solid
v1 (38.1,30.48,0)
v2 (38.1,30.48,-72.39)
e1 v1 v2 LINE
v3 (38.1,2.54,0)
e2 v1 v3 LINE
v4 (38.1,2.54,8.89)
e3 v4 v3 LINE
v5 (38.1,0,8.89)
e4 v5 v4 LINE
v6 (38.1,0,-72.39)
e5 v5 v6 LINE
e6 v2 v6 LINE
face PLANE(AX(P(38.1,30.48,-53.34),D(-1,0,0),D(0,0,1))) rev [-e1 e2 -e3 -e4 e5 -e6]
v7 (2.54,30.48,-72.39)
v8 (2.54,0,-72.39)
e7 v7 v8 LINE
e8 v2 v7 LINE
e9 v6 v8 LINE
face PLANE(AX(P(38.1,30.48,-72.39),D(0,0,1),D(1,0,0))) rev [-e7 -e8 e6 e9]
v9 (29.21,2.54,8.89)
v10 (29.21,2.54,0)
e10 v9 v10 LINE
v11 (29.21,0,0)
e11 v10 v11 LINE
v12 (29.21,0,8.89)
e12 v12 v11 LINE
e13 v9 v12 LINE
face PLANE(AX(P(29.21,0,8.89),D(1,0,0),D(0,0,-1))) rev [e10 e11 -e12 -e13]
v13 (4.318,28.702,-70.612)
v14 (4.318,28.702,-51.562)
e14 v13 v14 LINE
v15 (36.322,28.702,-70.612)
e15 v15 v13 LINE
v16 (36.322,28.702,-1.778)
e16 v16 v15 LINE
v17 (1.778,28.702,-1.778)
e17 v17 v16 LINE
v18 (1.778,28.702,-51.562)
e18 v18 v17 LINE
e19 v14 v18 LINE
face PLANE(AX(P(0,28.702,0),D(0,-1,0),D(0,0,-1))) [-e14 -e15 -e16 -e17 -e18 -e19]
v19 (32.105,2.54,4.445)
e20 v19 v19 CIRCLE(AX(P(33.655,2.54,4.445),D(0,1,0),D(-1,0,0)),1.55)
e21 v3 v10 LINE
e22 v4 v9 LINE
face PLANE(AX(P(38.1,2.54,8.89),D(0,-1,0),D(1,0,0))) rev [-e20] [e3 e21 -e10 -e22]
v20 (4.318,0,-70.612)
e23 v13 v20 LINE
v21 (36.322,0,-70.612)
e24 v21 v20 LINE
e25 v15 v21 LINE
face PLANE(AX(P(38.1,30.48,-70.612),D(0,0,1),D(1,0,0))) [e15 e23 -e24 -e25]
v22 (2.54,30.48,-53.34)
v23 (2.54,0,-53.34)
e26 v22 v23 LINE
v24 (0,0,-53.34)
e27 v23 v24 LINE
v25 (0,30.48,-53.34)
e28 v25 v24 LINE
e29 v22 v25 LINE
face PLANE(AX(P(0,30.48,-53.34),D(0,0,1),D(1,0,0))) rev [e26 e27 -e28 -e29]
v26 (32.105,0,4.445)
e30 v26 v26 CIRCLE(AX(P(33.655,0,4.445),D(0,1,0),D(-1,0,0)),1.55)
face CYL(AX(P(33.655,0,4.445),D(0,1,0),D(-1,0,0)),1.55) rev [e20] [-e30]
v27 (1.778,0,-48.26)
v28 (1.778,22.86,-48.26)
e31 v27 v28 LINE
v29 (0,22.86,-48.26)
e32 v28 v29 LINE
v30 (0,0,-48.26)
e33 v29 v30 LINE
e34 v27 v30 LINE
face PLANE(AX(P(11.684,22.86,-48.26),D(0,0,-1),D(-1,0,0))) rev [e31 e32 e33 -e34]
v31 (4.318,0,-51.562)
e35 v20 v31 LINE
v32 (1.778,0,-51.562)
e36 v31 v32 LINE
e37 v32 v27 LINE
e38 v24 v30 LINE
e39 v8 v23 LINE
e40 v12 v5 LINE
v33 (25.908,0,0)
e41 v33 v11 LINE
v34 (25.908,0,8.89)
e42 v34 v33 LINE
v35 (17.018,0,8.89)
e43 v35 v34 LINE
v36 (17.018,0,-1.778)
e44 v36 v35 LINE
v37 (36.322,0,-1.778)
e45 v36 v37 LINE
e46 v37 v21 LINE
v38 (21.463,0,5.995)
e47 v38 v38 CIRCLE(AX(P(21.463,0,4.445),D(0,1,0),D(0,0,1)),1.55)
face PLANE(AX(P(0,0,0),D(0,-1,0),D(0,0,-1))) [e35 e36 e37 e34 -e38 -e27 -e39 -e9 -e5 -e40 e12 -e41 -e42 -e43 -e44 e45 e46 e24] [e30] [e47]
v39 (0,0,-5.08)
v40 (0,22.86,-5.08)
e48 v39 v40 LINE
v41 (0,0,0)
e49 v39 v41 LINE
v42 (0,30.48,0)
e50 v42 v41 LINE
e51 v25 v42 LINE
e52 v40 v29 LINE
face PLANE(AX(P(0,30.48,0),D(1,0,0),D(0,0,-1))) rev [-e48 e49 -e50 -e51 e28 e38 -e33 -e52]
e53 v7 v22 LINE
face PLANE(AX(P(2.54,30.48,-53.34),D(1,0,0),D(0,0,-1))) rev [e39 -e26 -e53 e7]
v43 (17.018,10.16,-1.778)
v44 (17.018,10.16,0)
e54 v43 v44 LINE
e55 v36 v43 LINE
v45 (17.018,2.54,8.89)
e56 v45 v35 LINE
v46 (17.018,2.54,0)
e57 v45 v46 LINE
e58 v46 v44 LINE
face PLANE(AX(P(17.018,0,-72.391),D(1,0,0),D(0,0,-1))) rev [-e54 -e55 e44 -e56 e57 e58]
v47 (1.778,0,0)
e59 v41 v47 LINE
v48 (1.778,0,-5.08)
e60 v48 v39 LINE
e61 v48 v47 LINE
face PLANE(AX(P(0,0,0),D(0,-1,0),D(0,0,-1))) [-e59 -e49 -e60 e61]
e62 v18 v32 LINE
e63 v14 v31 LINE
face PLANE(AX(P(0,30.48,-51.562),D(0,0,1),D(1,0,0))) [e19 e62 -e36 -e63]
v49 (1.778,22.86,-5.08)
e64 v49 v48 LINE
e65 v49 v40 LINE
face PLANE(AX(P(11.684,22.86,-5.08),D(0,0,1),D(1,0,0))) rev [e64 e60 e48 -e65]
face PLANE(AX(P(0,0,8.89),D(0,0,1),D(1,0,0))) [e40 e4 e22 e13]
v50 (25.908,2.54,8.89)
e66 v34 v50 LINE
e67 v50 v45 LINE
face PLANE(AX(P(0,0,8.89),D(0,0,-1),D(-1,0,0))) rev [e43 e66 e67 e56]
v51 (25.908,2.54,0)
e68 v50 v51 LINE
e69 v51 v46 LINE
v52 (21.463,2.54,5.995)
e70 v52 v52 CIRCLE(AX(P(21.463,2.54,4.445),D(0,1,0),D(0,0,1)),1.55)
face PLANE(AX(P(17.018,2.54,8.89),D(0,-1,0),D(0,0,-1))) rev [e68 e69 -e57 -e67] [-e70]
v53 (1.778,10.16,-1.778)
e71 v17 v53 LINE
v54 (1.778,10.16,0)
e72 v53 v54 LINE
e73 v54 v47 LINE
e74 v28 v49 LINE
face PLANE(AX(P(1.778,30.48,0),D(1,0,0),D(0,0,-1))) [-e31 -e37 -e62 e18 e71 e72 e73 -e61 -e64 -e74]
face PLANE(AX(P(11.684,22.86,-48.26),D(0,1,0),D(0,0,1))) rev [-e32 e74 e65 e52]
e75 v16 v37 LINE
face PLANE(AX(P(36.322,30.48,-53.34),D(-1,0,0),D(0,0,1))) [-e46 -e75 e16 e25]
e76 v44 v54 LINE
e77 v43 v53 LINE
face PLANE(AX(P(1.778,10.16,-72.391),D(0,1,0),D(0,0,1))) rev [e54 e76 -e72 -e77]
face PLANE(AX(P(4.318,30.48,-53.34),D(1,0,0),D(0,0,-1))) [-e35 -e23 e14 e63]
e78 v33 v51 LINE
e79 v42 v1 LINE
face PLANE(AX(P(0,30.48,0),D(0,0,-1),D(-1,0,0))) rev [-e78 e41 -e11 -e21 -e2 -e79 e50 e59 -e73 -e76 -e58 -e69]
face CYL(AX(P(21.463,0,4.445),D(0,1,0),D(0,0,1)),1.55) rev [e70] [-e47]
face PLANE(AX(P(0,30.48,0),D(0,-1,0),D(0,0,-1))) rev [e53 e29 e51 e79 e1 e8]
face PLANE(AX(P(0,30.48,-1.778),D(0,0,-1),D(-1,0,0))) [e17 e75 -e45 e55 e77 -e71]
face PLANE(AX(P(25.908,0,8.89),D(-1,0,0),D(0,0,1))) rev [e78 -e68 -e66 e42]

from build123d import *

# Parameters (mm, degrees)
BOSS_EXTRUDE1_DEPTH = 30.48
SHELL1_T            = -1.778
CUT_EXTRUDE3_REACH  = 89.298
SKETCH7_W           = 15.24
SKETCH7_H           = 10.16
SKETCH2_W           = 8.89
SKETCH2_H           = 2.54
BOSS_EXTRUDE2_DEPTH = 8.89
SKETCH3_R           = 1.55
CUT_EXTRUDE1_DEPTH  = 87.444003262
SKETCH4_R           = 1.55
CUT_EXTRUDE2_DEPTH  = 87.444003262
SKETCH8_W           = 43.18
SKETCH8_H           = 22.86
CUT_EXTRUDE4_DEPTH  = 11.684


with BuildPart() as part:
    # Sketch1 → Boss-Extrude1 (new body)
    with BuildSketch(Plane(origin=(0, 0, 0), x_dir=(1, 0, 0), z_dir=(0, 1, 0))):
        Polygon((0, 0), (38.1, 0), (38.1, 53.34), (38.1, 72.39), (2.54, 72.39), (2.54, 53.34), (0, 53.34), align=None)
    extrude(amount=BOSS_EXTRUDE1_DEPTH)

    # Shell1
    shell1_openings = [part.faces().sort_by_distance(p)[0] for p in [
        (19.3675, 0, -35.71875),
    ]]
    offset(amount=SHELL1_T, openings=shell1_openings, kind=Kind.INTERSECTION)

    # Sketch7 → Cut-Extrude3 (cut, up to next)
    with BuildSketch(Plane.XY, mode=Mode.PRIVATE) as cut_extrude3_sk1:
        with Locations((9.398, 5.08)):
            Rectangle(SKETCH7_W, SKETCH7_H)
    cut_extrude3_tool1 = extrude(cut_extrude3_sk1.sketch, amount=-CUT_EXTRUDE3_REACH, mode=Mode.PRIVATE) & part.part
    add(cut_extrude3_tool1.solids().sort_by_distance((9.398, 5.08, 0))[0], mode=Mode.SUBTRACT)

    # Sketch2 → Boss-Extrude2 (add)
    with BuildSketch(Plane.XY):
        with Locations((21.463, 1.27)):
            Rectangle(SKETCH2_W, SKETCH2_H)
        with Locations((33.655, 1.27)):
            Rectangle(SKETCH2_W, SKETCH2_H)
    extrude(amount=BOSS_EXTRUDE2_DEPTH)

    # Sketch3 → Cut-Extrude1 (cut, through all)
    with BuildSketch(Plane(origin=(0, 2.54, 0), x_dir=(1, 0, 0), z_dir=(0, 1, 0))):
        with Locations(Location((21.463, -4.445, 0), (0, 0, 270))):
            Circle(SKETCH3_R)
    extrude(amount=-CUT_EXTRUDE1_DEPTH, mode=Mode.SUBTRACT)

    # Sketch4 → Cut-Extrude2 (cut, through all)
    with BuildSketch(Plane(origin=(0, 2.54, 0), x_dir=(1, 0, 0), z_dir=(0, 1, 0))):
        with Locations(Location((33.655, -4.445, 0), (0, 0, 180))):
            Circle(SKETCH4_R)
    extrude(amount=-CUT_EXTRUDE2_DEPTH, mode=Mode.SUBTRACT)

    # Sketch8 → Cut-Extrude4 (cut)
    with BuildSketch(Plane.ZY):
        with Locations((-26.67, 11.43)):
            Rectangle(SKETCH8_W, SKETCH8_H)
    extrude(amount=-CUT_EXTRUDE4_DEPTH, mode=Mode.SUBTRACT)


solid = part.part
